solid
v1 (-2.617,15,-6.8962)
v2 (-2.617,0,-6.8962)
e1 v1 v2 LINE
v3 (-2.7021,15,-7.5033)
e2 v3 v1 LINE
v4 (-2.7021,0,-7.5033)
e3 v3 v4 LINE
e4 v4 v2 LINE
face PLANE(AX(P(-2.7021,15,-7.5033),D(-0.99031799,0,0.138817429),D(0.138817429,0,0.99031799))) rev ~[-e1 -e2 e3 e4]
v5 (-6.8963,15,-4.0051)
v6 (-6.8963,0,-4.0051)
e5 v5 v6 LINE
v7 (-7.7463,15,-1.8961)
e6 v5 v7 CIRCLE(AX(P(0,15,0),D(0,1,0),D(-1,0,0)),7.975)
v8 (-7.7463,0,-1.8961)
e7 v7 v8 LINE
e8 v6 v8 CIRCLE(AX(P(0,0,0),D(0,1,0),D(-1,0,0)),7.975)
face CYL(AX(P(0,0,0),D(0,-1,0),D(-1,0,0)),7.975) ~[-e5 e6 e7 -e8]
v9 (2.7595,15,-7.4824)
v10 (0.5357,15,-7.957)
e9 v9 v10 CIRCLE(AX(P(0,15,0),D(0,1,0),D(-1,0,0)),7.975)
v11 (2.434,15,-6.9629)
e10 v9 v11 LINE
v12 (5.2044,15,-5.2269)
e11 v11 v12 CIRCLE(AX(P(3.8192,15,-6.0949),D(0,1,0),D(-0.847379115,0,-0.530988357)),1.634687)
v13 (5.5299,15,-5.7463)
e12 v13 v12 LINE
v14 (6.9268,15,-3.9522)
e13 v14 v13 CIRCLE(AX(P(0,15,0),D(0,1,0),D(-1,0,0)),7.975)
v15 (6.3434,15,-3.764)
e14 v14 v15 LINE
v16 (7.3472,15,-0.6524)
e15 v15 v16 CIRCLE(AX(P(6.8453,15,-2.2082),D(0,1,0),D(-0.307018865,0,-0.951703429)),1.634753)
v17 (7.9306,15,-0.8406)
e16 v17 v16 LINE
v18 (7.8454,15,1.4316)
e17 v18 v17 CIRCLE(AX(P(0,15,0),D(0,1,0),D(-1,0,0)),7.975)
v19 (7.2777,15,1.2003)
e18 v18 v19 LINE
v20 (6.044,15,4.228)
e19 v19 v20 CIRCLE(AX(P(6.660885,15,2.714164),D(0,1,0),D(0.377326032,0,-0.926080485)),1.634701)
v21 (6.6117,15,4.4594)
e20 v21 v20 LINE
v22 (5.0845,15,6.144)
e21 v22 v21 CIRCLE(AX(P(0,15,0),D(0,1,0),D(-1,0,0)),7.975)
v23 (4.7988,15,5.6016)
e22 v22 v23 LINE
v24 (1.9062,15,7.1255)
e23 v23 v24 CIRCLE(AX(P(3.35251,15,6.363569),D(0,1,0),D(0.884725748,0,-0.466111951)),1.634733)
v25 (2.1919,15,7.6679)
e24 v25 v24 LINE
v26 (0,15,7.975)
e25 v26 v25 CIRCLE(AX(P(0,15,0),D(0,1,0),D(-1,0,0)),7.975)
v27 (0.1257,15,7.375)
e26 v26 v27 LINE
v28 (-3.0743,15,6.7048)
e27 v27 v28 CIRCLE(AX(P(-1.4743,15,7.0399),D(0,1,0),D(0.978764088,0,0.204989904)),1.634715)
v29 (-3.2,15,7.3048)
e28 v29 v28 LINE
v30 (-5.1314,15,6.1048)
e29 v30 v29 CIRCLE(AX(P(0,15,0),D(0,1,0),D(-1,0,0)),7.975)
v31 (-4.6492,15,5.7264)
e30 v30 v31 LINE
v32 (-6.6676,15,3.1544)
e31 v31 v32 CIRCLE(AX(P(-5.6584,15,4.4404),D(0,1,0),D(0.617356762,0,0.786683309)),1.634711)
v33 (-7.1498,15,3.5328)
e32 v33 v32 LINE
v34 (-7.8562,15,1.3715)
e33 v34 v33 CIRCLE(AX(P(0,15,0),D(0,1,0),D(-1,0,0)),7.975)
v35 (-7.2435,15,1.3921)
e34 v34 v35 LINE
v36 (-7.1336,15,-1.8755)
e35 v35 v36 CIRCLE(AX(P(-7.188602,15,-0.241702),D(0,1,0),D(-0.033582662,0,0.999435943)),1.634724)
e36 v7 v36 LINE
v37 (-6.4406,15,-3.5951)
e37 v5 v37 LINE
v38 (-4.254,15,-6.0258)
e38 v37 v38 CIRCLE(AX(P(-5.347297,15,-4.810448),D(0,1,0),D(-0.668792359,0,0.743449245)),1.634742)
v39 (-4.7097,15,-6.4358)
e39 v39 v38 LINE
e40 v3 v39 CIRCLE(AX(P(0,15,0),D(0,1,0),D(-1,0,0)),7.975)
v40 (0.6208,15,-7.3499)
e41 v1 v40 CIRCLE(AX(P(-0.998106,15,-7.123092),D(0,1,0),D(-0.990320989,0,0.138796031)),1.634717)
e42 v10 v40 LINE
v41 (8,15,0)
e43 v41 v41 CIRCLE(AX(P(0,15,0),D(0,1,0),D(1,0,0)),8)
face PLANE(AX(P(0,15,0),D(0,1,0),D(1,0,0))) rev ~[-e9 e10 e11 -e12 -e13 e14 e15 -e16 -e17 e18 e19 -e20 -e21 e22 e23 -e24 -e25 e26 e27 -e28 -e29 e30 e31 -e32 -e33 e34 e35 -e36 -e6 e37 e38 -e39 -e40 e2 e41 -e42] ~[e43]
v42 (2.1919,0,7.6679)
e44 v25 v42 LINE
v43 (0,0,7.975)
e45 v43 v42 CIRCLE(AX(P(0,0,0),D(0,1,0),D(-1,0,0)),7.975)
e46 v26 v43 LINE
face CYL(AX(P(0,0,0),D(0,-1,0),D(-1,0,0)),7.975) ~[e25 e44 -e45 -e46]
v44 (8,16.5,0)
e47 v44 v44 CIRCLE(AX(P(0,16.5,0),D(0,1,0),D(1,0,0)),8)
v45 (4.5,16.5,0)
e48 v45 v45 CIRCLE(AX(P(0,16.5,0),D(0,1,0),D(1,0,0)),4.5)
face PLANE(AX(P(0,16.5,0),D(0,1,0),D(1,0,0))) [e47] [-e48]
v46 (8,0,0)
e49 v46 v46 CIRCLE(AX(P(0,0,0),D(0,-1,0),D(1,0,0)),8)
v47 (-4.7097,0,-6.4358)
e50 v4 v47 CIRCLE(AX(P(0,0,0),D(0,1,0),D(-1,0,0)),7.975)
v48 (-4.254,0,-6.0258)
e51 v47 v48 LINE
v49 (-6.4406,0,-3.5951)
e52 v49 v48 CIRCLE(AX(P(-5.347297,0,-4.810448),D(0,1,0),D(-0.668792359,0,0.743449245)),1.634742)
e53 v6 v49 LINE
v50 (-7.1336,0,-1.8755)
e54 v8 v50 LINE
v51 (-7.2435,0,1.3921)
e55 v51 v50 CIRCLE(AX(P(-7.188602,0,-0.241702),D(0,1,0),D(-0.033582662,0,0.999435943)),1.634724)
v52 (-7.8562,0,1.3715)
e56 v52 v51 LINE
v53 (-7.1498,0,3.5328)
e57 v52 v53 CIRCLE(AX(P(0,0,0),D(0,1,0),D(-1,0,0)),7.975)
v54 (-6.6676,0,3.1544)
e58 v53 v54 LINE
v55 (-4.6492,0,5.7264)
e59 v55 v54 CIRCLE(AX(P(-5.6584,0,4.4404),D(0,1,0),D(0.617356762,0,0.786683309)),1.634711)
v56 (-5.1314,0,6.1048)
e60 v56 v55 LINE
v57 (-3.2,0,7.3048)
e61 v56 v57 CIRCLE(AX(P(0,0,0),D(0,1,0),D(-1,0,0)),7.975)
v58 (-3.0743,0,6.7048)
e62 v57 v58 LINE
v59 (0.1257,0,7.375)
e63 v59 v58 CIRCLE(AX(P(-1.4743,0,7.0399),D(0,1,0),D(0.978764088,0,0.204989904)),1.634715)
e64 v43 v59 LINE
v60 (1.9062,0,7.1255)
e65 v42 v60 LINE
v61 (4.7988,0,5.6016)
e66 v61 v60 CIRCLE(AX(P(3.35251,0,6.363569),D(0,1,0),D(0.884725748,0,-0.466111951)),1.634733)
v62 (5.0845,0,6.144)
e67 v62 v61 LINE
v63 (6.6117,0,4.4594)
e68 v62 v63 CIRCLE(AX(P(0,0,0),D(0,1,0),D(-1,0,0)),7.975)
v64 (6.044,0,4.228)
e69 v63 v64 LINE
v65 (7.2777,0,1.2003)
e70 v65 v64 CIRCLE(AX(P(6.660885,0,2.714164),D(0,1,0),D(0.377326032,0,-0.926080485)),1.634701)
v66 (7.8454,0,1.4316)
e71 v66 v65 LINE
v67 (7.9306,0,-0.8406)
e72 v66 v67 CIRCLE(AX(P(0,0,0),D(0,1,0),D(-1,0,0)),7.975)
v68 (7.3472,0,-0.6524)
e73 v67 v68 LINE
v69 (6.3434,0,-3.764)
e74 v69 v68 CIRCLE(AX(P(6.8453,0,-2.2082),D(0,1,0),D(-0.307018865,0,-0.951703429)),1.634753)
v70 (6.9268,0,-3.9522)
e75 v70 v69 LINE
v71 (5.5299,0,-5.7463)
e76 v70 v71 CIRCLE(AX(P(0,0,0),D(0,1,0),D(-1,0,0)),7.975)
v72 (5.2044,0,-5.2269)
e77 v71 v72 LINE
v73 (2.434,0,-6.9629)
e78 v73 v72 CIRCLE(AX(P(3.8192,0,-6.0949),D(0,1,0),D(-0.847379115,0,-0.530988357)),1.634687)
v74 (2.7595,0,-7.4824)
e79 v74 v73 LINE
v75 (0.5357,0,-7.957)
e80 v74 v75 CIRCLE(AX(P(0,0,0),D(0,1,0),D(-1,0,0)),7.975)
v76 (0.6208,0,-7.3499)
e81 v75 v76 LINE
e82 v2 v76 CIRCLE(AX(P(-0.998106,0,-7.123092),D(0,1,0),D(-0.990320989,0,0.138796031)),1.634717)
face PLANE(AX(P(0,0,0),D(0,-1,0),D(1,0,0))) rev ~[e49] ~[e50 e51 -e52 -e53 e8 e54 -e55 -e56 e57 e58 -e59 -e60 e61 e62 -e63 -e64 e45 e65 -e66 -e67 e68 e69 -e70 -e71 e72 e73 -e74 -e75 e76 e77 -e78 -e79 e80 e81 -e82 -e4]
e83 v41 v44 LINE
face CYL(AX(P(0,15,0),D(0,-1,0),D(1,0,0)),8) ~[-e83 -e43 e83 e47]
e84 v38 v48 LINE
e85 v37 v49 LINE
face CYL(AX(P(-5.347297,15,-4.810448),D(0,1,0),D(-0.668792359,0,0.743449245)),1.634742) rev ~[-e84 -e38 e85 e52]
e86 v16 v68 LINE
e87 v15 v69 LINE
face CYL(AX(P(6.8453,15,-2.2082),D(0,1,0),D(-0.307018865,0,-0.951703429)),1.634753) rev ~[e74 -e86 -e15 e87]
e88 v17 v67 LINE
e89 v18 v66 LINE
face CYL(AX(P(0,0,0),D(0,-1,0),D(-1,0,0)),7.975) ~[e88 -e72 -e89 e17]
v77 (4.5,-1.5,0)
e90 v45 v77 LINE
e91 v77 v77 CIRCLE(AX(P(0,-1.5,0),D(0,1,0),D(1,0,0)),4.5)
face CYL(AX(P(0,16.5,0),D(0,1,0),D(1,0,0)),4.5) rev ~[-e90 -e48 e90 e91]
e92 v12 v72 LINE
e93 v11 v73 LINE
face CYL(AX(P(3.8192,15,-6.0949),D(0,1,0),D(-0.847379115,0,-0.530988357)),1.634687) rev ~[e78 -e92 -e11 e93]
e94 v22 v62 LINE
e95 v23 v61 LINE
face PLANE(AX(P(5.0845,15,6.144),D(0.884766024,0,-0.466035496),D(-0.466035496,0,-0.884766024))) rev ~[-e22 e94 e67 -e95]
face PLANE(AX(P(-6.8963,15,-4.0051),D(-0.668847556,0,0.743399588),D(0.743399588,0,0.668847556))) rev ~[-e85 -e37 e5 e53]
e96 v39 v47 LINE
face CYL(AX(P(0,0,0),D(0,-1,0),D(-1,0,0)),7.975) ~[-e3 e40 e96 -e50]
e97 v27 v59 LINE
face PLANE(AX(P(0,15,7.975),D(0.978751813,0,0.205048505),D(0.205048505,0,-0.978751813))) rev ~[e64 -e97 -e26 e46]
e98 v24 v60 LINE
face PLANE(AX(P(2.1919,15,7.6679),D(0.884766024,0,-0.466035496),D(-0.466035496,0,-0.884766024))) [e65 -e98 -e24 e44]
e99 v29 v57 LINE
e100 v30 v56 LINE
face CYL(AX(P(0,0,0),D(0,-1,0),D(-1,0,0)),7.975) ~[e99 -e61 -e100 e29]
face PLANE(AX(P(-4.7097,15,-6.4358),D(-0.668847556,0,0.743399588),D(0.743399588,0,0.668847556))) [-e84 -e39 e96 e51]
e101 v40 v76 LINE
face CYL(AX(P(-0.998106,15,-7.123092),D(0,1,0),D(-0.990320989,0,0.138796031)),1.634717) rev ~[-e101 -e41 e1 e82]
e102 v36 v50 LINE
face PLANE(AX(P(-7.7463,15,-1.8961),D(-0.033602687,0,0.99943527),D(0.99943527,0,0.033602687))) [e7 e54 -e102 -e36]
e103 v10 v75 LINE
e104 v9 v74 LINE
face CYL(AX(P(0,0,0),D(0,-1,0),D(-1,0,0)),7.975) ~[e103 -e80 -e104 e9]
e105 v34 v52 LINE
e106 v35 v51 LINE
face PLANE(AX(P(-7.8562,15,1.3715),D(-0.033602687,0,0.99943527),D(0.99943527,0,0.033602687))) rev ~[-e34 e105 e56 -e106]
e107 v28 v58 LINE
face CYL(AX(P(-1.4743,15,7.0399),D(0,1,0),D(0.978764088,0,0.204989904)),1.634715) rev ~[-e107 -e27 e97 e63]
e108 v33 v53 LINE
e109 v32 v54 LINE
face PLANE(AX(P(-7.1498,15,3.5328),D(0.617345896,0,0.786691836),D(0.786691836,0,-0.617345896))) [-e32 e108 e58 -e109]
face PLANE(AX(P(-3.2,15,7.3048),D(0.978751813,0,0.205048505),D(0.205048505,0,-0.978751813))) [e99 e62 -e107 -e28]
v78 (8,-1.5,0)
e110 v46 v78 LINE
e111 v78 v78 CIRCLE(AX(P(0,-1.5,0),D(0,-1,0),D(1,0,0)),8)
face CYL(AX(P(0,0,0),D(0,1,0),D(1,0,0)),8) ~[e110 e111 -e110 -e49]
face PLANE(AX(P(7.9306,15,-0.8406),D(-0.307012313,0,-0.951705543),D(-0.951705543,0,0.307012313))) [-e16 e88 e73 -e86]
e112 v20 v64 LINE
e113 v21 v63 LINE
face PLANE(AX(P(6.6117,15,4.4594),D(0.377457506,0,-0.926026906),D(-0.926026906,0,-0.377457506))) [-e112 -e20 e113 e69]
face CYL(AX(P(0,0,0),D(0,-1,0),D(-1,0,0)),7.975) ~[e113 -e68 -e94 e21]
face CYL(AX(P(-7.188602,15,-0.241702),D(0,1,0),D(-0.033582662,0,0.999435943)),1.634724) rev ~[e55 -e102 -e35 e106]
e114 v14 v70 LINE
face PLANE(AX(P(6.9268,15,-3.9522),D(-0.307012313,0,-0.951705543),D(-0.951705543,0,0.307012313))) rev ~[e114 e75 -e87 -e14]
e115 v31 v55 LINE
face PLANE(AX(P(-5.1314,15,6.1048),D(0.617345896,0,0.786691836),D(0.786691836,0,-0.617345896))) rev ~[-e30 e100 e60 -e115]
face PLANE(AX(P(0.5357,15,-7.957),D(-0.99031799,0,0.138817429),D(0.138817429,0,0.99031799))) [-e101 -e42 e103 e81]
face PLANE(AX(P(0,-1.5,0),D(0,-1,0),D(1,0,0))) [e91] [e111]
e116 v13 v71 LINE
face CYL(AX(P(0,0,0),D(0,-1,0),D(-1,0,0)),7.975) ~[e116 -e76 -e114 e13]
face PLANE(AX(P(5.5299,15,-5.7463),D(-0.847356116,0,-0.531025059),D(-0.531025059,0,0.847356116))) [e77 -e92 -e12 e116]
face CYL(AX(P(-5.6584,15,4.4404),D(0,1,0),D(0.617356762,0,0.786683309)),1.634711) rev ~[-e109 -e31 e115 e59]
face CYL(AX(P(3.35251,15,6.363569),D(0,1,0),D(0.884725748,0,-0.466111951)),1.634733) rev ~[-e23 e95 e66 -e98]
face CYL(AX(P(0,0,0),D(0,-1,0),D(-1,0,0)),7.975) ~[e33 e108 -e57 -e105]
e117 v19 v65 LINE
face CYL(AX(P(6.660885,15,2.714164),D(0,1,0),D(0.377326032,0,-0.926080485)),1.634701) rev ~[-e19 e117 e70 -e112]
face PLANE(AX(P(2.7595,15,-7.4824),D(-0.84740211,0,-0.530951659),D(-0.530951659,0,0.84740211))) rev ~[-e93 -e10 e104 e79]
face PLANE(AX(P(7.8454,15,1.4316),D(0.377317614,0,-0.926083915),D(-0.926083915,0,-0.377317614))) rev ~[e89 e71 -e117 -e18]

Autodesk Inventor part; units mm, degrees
ref_plane "YZ Plane" through (0, 0, 0) normal (1, 0, 0) x (0, 1, 0)
ref_plane "XZ Plane" through (0, 0, 0) normal (0, 1, 0) x (-1, 0, 0)
ref_plane "XY Plane" through (0, 0, 0) normal (0, 0, 1) x (1, 0, 0)
sketch "Esquisse2" plane through (0, 0, 0) normal (0, 1, 0) x (-1, 0, 0)
  circle A0 centre (0, 0) radius 7.975
  dimension "d0" = 15.95
extrude "Extrusion1" add sketch "Esquisse2" along normal blind 15
sketch "Esquisse4" plane through (0, 15, 0) normal (0, 1, 0) x (1, 0, 0)
  circle A0 centre (0, 0) radius 7.975 projected
  circle A1 centre (0, 0) radius 7.975 projected
  arc A2 (-3.2, -7.3048) -> (0, -7.975) centre (0, 0) ccw
  line L0 (-0.0068, -0.0109) -> (-5.0602, -8.1445)
  line L1 (0, -6.3735) -> (0, 5.2233) construction
  line L2 (-3.2, -7.3048) -> (0, -7.975) construction
  line L3 (-3.2, -7.3048) -> (-3.0743, -6.7048)
  line L4 (0, -7.975) -> (0.1257, -7.375)
  arc A3 (0.1257, -7.375) -> (-3.0743, -6.7048) centre (-1.4743, -7.0399) ccw
  line L5 (-3.0743, -6.7048) -> (0.1257, -7.375) construction
  arc A4 (-7.1498, -3.5328) -> (-5.1314, -6.1048) centre (0, 0) ccw
  line L6 (-5.1314, -6.1048) -> (-7.1498, -3.5328) construction
  line L7 (-5.1314, -6.1048) -> (-4.6492, -5.7264)
  line L8 (-7.1498, -3.5328) -> (-6.6676, -3.1544)
  arc A5 (-4.6492, -5.7264) -> (-6.6676, -3.1544) centre (-5.6584, -4.4404) ccw
  line L9 (-4.6492, -5.7264) -> (-6.6676, -3.1544) construction
  line L10 (-5.1314, -6.1048) -> (-3.2, -7.3048) construction
  line L11 (0, 0) -> (-9.6935, -3.168)
  arc A6 (-4.7097, 6.4358) -> (-6.8963, 4.0051) centre (0, 0) ccw
  line L12 (-6.8963, 4.0051) -> (-4.7097, 6.4358) construction
  line L13 (-6.8963, 4.0051) -> (-6.4406, 3.5951)
  line L14 (-4.7097, 6.4358) -> (-4.254, 6.0258)
  arc A7 (-6.4406, 3.5951) -> (-4.254, 6.0258) centre (-5.3473, 4.8105) ccw
  line L15 (-6.4406, 3.5951) -> (-4.254, 6.0258) construction
  arc A8 (-7.7463, 1.8961) -> (-7.8562, -1.3715) centre (0, 0) ccw
  line L16 (-7.7463, 1.8961) -> (-7.8562, -1.3715) construction
  line L17 (-7.7463, 1.8961) -> (-7.1336, 1.8755)
  line L18 (-7.8562, -1.3715) -> (-7.2435, -1.3921)
  arc A9 (-7.2435, -1.3921) -> (-7.1336, 1.8755) centre (-7.1886, 0.2417) ccw
  line L19 (-7.1336, 1.8755) -> (-7.2435, -1.3921) construction
  line L20 (-7.7463, 1.8961) -> (-6.8963, 4.0051) construction
  line L21 (-7.8562, -1.3715) -> (-7.1498, -3.5328) construction
  line L22 (0, 0) -> (-3.9831, 7.4909)
  arc A10 (6.6117, -4.4594) -> (7.8454, -1.4316) centre (0, 0) ccw
  line L23 (7.8454, -1.4316) -> (6.6117, -4.4594) construction
  line L24 (7.8454, -1.4316) -> (7.2777, -1.2003)
  line L25 (6.6117, -4.4594) -> (6.044, -4.228)
  arc A11 (7.2777, -1.2003) -> (6.044, -4.228) centre (6.6609, -2.7142) ccw
  line L26 (7.2777, -1.2003) -> (6.044, -4.228) construction
  arc A12 (7.9306, 0.8406) -> (6.9268, 3.9522) centre (0, 0) ccw
  line L27 (7.9306, 0.8406) -> (6.9268, 3.9522) construction
  line L28 (7.9306, 0.8406) -> (7.3472, 0.6524)
  line L29 (6.9268, 3.9522) -> (6.3434, 3.764)
  arc A13 (6.3434, 3.764) -> (7.3472, 0.6524) centre (6.8453, 2.2082) ccw
  line L30 (7.3472, 0.6524) -> (6.3434, 3.764) construction
  line L31 (7.9306, 0.8406) -> (7.8454, -1.4316) construction
  line L32 (0.5357, 7.957) -> (0.6208, 7.3499)
  arc A14 (-2.617, 6.8962) -> (0.6208, 7.3499) centre (-0.9981, 7.1231) ccw
  line L33 (0.6208, 7.3499) -> (-2.617, 6.8962) construction
  line L34 (0.5357, 7.957) -> (-2.7021, 7.5033) construction
  arc A15 (0.5357, 7.957) -> (-2.7021, 7.5033) centre (0, 0) ccw
  line L35 (-2.7021, 7.5033) -> (-2.617, 6.8962)
  line L36 (2.7595, 7.4824) -> (0.5357, 7.957) construction
  line L37 (2.7595, 7.4824) -> (2.434, 6.9629)
  line L38 (2.434, 6.9629) -> (5.2044, 5.2269) construction
  line L39 (2.7595, 7.4824) -> (5.5299, 5.7463) construction
  arc A16 (5.5299, 5.7463) -> (2.7595, 7.4824) centre (0, 0) ccw
  arc A17 (2.434, 6.9629) -> (5.2044, 5.2269) centre (3.8192, 6.0949) ccw
  line L40 (5.5299, 5.7463) -> (5.2044, 5.2269)
  line L41 (5.5299, 5.7463) -> (6.9268, 3.9522) construction
  line L42 (-4.7097, 6.4358) -> (-2.7021, 7.5033) construction
  line L43 (0, 0) -> (2.483, -17.7205) construction
  arc A18 (2.1919, -7.6679) -> (5.0845, -6.144) centre (0, 0) ccw
  line L44 (5.0845, -6.144) -> (2.1919, -7.6679) construction
  line L45 (5.0845, -6.144) -> (4.7988, -5.6016)
  line L46 (2.1919, -7.6679) -> (1.9062, -7.1255)
  arc A19 (4.7988, -5.6016) -> (1.9062, -7.1255) centre (3.3525, -6.3636) ccw
  line L47 (4.7988, -5.6016) -> (1.9062, -7.1255) construction
  line L48 (6.6117, -4.4594) -> (5.0845, -6.144) construction
  line L49 (2.1919, -7.6679) -> (0, -7.975) construction
  point P0 (-7.7463, 1.8961)
  point P1 (-7.8562, -1.3715)
  point P2 (-4.7097, 6.4358)
  point P3 (0.5357, 7.957)
  point P4 (-2.7021, 7.5033)
  point P5 (5.5299, 5.7463)
  point P6 (2.7595, 7.4824)
  point P7 (7.9306, 0.8406)
  point P8 (6.9268, 3.9522)
  point P9 (6.6117, -4.4594)
  point P10 (7.8454, -1.4316)
  point P11 (-3.2, -7.3048)
  point P12 (0, -7.975)
  point P13 (-7.1498, -3.5328)
  point P14 (-5.1314, -6.1048)
  point P15 (5.0845, -6.144)
  dimension "d14" = 3.2
  dimension "d28" = 0.6
  dimension "d30" = 1.2
extrude "Extrusion6" cut sketch "Esquisse4" against normal blind 15 contours L28 A13 L29 A0 | A0 L25 A11 L24 | L40 A17 L37 A0 | A0 L46 A19 L45 | L32 A14 L35 A0 | A0 L3 A3 L4 | L14 A7 L13 A0 | A0 L8 A5 L7 | L17 A9 L18 A0
sketch "Esquisse6" plane through (0, 15, 0) normal (0, 1, 0) x (1, 0, 0)
  circle A0 centre (0, 0) radius 8
  dimension "d19" = 16
extrude "Extrusion3" add sketch "Esquisse6" along normal blind 1.5
sketch "Esquisse7" plane through (0, 0, 0) normal (0, -1, 0) x (1, 0, 0)
  circle A0 centre (0, 0) radius 8
extrude "Extrusion4" add sketch "Esquisse7" along normal blind 1.5
sketch "Esquisse8" plane through (0, 16.5, 0) normal (0, 1, 0) x (1, 0, 0)
  circle A0 centre (0, 0) radius 4.5
  dimension "d24" = 9
extrude "Extrusion5" cut sketch "Esquisse8" against normal through all
properties part number "Pièce_moteur_courroie_test_3"
